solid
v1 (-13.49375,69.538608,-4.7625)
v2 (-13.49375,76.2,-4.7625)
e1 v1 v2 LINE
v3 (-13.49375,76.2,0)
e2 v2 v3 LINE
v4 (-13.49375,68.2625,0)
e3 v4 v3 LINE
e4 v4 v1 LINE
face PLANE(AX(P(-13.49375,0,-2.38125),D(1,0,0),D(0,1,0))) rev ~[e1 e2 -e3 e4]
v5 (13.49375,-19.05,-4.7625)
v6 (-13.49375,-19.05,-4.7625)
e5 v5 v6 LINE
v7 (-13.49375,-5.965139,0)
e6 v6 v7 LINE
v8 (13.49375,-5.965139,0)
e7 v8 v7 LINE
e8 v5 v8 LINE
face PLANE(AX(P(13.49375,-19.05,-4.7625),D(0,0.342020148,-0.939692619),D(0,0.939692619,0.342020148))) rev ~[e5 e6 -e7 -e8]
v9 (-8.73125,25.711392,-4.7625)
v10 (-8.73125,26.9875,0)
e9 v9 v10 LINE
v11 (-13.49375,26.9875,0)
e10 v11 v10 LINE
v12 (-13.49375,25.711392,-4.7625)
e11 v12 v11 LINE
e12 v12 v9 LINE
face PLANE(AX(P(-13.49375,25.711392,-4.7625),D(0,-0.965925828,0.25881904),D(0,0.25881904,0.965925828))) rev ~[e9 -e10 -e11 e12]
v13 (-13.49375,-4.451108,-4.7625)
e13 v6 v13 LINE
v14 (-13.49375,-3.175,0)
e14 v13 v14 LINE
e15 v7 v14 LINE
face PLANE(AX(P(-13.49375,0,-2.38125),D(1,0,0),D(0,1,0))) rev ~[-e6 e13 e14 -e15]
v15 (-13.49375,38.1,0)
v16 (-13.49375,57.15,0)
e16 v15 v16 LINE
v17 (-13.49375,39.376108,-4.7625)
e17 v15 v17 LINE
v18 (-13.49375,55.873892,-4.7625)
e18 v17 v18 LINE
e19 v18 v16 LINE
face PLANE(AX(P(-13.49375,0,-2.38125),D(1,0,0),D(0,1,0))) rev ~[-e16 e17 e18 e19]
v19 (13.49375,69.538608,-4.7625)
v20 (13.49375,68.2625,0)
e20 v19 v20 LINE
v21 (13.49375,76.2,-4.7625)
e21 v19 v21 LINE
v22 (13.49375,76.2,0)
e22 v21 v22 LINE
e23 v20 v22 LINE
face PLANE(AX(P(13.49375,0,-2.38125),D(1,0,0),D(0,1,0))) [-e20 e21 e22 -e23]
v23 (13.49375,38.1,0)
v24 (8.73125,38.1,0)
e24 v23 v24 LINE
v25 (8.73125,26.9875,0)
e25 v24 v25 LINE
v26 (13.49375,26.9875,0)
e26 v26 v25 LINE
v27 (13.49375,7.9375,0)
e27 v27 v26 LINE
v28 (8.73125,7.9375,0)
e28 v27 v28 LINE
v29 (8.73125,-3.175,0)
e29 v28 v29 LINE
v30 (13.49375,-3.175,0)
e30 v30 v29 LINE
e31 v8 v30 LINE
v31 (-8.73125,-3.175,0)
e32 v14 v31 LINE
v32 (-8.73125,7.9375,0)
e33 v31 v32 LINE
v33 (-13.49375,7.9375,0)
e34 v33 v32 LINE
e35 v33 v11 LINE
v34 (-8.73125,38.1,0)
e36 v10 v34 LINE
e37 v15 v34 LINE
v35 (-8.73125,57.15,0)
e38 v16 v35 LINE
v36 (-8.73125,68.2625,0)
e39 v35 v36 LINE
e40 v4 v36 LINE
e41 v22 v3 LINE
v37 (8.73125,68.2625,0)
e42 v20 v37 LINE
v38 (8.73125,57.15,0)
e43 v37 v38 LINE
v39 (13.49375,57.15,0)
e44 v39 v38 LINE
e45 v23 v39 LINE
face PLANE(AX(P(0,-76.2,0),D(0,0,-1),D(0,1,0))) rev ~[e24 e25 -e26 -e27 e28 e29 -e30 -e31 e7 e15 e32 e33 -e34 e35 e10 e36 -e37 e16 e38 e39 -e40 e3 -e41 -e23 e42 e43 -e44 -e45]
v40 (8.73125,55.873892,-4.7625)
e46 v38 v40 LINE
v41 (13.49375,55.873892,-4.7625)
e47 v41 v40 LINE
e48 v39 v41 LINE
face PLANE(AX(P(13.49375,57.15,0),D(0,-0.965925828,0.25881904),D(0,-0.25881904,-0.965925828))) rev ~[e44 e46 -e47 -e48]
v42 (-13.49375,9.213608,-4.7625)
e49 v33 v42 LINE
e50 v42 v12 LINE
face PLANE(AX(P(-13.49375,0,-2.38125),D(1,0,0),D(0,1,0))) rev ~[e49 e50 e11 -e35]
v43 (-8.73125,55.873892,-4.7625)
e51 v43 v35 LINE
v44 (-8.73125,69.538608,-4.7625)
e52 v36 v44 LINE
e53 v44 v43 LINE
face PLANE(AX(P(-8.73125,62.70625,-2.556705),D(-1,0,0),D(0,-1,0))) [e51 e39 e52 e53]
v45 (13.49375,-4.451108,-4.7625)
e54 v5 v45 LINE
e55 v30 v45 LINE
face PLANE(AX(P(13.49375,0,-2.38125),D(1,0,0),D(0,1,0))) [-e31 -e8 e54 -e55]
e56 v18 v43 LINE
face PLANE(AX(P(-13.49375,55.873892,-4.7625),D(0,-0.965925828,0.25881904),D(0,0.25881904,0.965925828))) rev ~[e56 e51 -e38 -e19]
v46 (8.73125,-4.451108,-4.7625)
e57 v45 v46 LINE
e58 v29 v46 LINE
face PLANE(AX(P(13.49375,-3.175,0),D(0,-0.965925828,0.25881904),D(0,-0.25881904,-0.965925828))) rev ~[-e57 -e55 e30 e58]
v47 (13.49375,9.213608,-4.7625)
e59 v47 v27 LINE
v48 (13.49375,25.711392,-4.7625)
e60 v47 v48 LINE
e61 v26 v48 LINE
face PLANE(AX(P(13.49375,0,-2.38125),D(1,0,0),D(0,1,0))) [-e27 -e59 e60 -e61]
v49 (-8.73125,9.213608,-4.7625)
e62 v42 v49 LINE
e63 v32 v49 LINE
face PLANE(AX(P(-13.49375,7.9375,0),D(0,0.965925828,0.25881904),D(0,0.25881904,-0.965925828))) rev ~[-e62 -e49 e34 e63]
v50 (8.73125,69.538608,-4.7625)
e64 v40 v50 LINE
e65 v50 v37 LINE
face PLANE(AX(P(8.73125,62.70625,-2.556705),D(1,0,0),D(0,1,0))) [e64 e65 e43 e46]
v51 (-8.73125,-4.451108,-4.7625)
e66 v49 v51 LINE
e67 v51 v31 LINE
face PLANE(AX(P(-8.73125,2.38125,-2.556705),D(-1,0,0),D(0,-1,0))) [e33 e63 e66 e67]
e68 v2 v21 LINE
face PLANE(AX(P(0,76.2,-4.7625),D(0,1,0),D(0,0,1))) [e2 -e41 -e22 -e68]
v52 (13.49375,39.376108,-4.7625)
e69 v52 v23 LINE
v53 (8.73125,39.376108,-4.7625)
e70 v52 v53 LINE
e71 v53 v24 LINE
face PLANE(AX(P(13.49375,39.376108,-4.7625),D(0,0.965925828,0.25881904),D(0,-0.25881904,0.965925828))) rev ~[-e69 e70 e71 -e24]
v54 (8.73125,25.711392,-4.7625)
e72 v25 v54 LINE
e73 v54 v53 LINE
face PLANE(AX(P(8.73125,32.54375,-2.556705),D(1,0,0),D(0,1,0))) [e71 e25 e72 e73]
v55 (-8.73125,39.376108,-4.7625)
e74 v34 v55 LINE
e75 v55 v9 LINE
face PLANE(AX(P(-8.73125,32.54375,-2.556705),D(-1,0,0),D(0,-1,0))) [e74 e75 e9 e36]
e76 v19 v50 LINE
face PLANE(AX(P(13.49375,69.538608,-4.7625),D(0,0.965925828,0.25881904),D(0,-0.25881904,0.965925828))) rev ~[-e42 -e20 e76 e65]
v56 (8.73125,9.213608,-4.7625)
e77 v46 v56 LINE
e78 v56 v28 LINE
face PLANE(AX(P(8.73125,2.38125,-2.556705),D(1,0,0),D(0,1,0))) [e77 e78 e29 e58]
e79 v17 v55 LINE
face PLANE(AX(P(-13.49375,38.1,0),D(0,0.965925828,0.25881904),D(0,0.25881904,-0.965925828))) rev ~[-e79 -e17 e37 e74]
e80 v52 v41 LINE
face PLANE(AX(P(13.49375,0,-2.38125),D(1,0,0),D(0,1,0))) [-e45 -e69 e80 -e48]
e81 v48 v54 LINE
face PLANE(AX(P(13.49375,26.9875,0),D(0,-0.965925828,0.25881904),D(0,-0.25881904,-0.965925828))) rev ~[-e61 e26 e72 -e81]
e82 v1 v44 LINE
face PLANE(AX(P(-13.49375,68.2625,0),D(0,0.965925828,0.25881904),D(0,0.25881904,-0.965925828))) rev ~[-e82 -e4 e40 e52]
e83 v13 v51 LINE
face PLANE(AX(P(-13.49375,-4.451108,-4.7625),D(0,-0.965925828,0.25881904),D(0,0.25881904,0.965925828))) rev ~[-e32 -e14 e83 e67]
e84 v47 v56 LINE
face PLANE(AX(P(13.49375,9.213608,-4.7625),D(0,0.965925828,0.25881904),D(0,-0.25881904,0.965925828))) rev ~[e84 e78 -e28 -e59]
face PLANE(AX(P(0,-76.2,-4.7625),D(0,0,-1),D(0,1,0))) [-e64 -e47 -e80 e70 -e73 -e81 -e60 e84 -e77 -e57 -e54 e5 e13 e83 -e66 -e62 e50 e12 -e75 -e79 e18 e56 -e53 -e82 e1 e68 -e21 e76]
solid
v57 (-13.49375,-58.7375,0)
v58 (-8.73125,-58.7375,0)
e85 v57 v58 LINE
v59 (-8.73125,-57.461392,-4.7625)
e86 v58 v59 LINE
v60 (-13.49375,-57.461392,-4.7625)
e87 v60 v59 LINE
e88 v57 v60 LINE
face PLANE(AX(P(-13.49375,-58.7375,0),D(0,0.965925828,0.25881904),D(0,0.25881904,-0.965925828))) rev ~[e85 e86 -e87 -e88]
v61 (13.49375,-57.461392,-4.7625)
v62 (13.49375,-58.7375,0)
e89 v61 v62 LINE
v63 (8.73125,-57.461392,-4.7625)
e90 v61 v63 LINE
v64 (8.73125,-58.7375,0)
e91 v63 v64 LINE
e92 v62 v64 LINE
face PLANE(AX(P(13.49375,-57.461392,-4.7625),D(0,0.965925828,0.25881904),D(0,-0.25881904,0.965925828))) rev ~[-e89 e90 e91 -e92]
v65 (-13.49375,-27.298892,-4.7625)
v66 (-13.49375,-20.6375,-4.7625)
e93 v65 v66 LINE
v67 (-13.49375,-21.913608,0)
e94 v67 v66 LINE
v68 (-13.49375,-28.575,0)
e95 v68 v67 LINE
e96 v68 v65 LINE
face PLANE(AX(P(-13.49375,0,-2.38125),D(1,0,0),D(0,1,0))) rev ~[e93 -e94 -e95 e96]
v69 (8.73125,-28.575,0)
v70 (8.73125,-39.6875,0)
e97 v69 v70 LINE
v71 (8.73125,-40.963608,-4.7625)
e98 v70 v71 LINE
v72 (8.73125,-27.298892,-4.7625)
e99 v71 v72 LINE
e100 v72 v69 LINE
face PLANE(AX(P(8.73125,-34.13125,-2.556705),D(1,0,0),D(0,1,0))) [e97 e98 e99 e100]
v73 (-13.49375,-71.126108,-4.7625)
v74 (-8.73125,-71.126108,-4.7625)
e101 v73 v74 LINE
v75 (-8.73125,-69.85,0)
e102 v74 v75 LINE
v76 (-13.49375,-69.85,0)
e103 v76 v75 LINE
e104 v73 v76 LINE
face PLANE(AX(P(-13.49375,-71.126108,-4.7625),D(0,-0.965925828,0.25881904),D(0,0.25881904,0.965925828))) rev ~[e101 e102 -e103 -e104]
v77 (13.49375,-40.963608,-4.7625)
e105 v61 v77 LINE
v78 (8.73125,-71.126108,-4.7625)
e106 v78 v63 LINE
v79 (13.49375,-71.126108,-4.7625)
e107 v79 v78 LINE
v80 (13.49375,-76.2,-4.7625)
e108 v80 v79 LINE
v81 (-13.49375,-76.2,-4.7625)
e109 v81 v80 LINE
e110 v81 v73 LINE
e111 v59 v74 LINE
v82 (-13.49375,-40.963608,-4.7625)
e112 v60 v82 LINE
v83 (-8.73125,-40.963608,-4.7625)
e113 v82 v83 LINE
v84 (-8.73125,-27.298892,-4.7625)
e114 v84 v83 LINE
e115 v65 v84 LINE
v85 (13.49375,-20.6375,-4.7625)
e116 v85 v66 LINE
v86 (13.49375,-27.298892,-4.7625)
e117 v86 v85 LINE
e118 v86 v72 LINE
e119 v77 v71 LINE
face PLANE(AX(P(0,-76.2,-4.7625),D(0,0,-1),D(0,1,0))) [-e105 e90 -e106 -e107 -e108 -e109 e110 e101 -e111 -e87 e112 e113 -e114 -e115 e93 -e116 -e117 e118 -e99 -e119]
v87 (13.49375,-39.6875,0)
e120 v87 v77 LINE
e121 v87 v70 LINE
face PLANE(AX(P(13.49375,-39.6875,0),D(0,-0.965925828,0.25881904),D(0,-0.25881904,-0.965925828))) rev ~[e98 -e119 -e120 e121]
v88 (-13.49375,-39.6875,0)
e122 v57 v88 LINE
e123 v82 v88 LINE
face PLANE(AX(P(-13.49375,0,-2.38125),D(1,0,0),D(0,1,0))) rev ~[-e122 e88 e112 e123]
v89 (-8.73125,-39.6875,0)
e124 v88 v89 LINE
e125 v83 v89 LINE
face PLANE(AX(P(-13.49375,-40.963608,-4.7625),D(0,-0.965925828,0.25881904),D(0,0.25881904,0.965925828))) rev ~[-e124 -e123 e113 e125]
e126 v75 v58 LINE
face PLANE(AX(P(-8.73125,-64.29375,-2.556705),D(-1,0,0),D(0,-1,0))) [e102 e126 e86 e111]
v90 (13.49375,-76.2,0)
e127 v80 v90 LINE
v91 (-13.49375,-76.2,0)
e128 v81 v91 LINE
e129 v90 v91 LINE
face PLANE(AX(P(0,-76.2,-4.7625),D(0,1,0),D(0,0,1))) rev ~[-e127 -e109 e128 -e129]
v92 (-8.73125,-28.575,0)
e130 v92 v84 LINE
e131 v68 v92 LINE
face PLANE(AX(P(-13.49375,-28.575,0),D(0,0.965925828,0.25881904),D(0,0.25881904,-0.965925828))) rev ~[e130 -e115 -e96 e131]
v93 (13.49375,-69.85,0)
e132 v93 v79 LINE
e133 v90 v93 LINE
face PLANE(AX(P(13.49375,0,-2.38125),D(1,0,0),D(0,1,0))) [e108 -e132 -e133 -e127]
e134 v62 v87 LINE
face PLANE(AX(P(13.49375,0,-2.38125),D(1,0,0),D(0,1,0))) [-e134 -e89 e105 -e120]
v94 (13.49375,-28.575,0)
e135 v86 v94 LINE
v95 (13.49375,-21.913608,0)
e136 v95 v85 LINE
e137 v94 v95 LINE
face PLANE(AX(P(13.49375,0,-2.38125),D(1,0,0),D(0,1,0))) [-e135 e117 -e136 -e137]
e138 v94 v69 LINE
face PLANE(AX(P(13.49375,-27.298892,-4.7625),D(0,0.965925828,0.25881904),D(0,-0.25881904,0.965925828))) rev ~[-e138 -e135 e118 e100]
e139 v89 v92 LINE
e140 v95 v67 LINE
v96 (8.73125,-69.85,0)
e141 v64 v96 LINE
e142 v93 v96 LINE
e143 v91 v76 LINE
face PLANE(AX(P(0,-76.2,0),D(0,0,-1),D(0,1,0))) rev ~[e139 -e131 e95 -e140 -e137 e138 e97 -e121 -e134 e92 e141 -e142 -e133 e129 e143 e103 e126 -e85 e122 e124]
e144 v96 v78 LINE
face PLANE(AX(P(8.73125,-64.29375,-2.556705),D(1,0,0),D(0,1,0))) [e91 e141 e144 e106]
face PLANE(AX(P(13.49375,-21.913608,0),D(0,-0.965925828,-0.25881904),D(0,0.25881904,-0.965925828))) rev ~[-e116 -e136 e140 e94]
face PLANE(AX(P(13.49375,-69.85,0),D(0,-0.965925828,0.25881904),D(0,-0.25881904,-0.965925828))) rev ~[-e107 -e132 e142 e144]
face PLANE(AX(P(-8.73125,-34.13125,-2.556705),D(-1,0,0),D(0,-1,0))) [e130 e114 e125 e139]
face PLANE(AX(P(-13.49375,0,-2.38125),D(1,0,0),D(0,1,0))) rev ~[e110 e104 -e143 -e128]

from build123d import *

# Parameters (mm, degrees)
F0_W     = 152.4
F0_H     = 4.7625
F1_DEPTH = 13.49375
F3_DEPTH = 4.7625
F5_DEPTH = 4.7625
F7_DEPTH = 26.9885


with BuildPart() as f1:
    # F0 (on Right) → F1 (new body, symmetric)
    with BuildSketch(Plane.YZ):
        with Locations((0, -2.38125)):
            Rectangle(F0_W, F0_H)
    extrude(amount=F1_DEPTH, both=True)

    # F2 (on face) → F3 (cut)
    with BuildSketch(Plane.YZ.offset(13.49375)):
        Polygon((-58.7375, 0), (-69.85, 0), (-71.126108, -4.7625), (-57.461392, -4.7625), align=None)
        Polygon((-28.575, 0), (-39.6875, 0), (-40.963608, -4.7625), (-27.298892, -4.7625), align=None)
        Polygon((7.9375, 0), (-3.175, 0), (-4.451108, -4.7625), (9.213608, -4.7625), align=None)
        Polygon((38.1, 0), (26.9875, 0), (25.711392, -4.7625), (39.376108, -4.7625), align=None)
        Polygon((68.2625, 0), (57.15, 0), (55.873892, -4.7625), (69.538608, -4.7625), align=None)
    extrude(amount=-F3_DEPTH, mode=Mode.SUBTRACT)

    # F4 (on face) → F5 (cut)
    with BuildSketch(Plane(origin=(-13.49375, 0, 0), x_dir=(0, -1, 0), z_dir=(-1, 0, 0))):
        Polygon((-69.538608, -4.7625), (-55.873892, -4.7625), (-57.15, 0), (-68.2625, 0), align=None)
        Polygon((-39.376108, -4.7625), (-25.711392, -4.7625), (-26.9875, 0), (-38.1, 0), align=None)
        Polygon((-9.213608, -4.7625), (4.451108, -4.7625), (3.175, 0), (-7.9375, 0), align=None)
        Polygon((27.298892, -4.7625), (40.963608, -4.7625), (39.6875, 0), (28.575, 0), align=None)
        Polygon((58.7375, 0), (57.461392, -4.7625), (71.126108, -4.7625), (69.85, 0), align=None)
    extrude(amount=-F5_DEPTH, mode=Mode.SUBTRACT)

    # F6 (on face) → F7 (cut, through all)
    with BuildSketch(Plane.YZ.offset(13.49375)):
        Polygon((-19.05, -4.7625), (-5.965139, 0), (-21.913608, 0), (-20.6375, -4.7625), align=None)
    extrude(amount=-F7_DEPTH, mode=Mode.SUBTRACT)


solid = f1.part
